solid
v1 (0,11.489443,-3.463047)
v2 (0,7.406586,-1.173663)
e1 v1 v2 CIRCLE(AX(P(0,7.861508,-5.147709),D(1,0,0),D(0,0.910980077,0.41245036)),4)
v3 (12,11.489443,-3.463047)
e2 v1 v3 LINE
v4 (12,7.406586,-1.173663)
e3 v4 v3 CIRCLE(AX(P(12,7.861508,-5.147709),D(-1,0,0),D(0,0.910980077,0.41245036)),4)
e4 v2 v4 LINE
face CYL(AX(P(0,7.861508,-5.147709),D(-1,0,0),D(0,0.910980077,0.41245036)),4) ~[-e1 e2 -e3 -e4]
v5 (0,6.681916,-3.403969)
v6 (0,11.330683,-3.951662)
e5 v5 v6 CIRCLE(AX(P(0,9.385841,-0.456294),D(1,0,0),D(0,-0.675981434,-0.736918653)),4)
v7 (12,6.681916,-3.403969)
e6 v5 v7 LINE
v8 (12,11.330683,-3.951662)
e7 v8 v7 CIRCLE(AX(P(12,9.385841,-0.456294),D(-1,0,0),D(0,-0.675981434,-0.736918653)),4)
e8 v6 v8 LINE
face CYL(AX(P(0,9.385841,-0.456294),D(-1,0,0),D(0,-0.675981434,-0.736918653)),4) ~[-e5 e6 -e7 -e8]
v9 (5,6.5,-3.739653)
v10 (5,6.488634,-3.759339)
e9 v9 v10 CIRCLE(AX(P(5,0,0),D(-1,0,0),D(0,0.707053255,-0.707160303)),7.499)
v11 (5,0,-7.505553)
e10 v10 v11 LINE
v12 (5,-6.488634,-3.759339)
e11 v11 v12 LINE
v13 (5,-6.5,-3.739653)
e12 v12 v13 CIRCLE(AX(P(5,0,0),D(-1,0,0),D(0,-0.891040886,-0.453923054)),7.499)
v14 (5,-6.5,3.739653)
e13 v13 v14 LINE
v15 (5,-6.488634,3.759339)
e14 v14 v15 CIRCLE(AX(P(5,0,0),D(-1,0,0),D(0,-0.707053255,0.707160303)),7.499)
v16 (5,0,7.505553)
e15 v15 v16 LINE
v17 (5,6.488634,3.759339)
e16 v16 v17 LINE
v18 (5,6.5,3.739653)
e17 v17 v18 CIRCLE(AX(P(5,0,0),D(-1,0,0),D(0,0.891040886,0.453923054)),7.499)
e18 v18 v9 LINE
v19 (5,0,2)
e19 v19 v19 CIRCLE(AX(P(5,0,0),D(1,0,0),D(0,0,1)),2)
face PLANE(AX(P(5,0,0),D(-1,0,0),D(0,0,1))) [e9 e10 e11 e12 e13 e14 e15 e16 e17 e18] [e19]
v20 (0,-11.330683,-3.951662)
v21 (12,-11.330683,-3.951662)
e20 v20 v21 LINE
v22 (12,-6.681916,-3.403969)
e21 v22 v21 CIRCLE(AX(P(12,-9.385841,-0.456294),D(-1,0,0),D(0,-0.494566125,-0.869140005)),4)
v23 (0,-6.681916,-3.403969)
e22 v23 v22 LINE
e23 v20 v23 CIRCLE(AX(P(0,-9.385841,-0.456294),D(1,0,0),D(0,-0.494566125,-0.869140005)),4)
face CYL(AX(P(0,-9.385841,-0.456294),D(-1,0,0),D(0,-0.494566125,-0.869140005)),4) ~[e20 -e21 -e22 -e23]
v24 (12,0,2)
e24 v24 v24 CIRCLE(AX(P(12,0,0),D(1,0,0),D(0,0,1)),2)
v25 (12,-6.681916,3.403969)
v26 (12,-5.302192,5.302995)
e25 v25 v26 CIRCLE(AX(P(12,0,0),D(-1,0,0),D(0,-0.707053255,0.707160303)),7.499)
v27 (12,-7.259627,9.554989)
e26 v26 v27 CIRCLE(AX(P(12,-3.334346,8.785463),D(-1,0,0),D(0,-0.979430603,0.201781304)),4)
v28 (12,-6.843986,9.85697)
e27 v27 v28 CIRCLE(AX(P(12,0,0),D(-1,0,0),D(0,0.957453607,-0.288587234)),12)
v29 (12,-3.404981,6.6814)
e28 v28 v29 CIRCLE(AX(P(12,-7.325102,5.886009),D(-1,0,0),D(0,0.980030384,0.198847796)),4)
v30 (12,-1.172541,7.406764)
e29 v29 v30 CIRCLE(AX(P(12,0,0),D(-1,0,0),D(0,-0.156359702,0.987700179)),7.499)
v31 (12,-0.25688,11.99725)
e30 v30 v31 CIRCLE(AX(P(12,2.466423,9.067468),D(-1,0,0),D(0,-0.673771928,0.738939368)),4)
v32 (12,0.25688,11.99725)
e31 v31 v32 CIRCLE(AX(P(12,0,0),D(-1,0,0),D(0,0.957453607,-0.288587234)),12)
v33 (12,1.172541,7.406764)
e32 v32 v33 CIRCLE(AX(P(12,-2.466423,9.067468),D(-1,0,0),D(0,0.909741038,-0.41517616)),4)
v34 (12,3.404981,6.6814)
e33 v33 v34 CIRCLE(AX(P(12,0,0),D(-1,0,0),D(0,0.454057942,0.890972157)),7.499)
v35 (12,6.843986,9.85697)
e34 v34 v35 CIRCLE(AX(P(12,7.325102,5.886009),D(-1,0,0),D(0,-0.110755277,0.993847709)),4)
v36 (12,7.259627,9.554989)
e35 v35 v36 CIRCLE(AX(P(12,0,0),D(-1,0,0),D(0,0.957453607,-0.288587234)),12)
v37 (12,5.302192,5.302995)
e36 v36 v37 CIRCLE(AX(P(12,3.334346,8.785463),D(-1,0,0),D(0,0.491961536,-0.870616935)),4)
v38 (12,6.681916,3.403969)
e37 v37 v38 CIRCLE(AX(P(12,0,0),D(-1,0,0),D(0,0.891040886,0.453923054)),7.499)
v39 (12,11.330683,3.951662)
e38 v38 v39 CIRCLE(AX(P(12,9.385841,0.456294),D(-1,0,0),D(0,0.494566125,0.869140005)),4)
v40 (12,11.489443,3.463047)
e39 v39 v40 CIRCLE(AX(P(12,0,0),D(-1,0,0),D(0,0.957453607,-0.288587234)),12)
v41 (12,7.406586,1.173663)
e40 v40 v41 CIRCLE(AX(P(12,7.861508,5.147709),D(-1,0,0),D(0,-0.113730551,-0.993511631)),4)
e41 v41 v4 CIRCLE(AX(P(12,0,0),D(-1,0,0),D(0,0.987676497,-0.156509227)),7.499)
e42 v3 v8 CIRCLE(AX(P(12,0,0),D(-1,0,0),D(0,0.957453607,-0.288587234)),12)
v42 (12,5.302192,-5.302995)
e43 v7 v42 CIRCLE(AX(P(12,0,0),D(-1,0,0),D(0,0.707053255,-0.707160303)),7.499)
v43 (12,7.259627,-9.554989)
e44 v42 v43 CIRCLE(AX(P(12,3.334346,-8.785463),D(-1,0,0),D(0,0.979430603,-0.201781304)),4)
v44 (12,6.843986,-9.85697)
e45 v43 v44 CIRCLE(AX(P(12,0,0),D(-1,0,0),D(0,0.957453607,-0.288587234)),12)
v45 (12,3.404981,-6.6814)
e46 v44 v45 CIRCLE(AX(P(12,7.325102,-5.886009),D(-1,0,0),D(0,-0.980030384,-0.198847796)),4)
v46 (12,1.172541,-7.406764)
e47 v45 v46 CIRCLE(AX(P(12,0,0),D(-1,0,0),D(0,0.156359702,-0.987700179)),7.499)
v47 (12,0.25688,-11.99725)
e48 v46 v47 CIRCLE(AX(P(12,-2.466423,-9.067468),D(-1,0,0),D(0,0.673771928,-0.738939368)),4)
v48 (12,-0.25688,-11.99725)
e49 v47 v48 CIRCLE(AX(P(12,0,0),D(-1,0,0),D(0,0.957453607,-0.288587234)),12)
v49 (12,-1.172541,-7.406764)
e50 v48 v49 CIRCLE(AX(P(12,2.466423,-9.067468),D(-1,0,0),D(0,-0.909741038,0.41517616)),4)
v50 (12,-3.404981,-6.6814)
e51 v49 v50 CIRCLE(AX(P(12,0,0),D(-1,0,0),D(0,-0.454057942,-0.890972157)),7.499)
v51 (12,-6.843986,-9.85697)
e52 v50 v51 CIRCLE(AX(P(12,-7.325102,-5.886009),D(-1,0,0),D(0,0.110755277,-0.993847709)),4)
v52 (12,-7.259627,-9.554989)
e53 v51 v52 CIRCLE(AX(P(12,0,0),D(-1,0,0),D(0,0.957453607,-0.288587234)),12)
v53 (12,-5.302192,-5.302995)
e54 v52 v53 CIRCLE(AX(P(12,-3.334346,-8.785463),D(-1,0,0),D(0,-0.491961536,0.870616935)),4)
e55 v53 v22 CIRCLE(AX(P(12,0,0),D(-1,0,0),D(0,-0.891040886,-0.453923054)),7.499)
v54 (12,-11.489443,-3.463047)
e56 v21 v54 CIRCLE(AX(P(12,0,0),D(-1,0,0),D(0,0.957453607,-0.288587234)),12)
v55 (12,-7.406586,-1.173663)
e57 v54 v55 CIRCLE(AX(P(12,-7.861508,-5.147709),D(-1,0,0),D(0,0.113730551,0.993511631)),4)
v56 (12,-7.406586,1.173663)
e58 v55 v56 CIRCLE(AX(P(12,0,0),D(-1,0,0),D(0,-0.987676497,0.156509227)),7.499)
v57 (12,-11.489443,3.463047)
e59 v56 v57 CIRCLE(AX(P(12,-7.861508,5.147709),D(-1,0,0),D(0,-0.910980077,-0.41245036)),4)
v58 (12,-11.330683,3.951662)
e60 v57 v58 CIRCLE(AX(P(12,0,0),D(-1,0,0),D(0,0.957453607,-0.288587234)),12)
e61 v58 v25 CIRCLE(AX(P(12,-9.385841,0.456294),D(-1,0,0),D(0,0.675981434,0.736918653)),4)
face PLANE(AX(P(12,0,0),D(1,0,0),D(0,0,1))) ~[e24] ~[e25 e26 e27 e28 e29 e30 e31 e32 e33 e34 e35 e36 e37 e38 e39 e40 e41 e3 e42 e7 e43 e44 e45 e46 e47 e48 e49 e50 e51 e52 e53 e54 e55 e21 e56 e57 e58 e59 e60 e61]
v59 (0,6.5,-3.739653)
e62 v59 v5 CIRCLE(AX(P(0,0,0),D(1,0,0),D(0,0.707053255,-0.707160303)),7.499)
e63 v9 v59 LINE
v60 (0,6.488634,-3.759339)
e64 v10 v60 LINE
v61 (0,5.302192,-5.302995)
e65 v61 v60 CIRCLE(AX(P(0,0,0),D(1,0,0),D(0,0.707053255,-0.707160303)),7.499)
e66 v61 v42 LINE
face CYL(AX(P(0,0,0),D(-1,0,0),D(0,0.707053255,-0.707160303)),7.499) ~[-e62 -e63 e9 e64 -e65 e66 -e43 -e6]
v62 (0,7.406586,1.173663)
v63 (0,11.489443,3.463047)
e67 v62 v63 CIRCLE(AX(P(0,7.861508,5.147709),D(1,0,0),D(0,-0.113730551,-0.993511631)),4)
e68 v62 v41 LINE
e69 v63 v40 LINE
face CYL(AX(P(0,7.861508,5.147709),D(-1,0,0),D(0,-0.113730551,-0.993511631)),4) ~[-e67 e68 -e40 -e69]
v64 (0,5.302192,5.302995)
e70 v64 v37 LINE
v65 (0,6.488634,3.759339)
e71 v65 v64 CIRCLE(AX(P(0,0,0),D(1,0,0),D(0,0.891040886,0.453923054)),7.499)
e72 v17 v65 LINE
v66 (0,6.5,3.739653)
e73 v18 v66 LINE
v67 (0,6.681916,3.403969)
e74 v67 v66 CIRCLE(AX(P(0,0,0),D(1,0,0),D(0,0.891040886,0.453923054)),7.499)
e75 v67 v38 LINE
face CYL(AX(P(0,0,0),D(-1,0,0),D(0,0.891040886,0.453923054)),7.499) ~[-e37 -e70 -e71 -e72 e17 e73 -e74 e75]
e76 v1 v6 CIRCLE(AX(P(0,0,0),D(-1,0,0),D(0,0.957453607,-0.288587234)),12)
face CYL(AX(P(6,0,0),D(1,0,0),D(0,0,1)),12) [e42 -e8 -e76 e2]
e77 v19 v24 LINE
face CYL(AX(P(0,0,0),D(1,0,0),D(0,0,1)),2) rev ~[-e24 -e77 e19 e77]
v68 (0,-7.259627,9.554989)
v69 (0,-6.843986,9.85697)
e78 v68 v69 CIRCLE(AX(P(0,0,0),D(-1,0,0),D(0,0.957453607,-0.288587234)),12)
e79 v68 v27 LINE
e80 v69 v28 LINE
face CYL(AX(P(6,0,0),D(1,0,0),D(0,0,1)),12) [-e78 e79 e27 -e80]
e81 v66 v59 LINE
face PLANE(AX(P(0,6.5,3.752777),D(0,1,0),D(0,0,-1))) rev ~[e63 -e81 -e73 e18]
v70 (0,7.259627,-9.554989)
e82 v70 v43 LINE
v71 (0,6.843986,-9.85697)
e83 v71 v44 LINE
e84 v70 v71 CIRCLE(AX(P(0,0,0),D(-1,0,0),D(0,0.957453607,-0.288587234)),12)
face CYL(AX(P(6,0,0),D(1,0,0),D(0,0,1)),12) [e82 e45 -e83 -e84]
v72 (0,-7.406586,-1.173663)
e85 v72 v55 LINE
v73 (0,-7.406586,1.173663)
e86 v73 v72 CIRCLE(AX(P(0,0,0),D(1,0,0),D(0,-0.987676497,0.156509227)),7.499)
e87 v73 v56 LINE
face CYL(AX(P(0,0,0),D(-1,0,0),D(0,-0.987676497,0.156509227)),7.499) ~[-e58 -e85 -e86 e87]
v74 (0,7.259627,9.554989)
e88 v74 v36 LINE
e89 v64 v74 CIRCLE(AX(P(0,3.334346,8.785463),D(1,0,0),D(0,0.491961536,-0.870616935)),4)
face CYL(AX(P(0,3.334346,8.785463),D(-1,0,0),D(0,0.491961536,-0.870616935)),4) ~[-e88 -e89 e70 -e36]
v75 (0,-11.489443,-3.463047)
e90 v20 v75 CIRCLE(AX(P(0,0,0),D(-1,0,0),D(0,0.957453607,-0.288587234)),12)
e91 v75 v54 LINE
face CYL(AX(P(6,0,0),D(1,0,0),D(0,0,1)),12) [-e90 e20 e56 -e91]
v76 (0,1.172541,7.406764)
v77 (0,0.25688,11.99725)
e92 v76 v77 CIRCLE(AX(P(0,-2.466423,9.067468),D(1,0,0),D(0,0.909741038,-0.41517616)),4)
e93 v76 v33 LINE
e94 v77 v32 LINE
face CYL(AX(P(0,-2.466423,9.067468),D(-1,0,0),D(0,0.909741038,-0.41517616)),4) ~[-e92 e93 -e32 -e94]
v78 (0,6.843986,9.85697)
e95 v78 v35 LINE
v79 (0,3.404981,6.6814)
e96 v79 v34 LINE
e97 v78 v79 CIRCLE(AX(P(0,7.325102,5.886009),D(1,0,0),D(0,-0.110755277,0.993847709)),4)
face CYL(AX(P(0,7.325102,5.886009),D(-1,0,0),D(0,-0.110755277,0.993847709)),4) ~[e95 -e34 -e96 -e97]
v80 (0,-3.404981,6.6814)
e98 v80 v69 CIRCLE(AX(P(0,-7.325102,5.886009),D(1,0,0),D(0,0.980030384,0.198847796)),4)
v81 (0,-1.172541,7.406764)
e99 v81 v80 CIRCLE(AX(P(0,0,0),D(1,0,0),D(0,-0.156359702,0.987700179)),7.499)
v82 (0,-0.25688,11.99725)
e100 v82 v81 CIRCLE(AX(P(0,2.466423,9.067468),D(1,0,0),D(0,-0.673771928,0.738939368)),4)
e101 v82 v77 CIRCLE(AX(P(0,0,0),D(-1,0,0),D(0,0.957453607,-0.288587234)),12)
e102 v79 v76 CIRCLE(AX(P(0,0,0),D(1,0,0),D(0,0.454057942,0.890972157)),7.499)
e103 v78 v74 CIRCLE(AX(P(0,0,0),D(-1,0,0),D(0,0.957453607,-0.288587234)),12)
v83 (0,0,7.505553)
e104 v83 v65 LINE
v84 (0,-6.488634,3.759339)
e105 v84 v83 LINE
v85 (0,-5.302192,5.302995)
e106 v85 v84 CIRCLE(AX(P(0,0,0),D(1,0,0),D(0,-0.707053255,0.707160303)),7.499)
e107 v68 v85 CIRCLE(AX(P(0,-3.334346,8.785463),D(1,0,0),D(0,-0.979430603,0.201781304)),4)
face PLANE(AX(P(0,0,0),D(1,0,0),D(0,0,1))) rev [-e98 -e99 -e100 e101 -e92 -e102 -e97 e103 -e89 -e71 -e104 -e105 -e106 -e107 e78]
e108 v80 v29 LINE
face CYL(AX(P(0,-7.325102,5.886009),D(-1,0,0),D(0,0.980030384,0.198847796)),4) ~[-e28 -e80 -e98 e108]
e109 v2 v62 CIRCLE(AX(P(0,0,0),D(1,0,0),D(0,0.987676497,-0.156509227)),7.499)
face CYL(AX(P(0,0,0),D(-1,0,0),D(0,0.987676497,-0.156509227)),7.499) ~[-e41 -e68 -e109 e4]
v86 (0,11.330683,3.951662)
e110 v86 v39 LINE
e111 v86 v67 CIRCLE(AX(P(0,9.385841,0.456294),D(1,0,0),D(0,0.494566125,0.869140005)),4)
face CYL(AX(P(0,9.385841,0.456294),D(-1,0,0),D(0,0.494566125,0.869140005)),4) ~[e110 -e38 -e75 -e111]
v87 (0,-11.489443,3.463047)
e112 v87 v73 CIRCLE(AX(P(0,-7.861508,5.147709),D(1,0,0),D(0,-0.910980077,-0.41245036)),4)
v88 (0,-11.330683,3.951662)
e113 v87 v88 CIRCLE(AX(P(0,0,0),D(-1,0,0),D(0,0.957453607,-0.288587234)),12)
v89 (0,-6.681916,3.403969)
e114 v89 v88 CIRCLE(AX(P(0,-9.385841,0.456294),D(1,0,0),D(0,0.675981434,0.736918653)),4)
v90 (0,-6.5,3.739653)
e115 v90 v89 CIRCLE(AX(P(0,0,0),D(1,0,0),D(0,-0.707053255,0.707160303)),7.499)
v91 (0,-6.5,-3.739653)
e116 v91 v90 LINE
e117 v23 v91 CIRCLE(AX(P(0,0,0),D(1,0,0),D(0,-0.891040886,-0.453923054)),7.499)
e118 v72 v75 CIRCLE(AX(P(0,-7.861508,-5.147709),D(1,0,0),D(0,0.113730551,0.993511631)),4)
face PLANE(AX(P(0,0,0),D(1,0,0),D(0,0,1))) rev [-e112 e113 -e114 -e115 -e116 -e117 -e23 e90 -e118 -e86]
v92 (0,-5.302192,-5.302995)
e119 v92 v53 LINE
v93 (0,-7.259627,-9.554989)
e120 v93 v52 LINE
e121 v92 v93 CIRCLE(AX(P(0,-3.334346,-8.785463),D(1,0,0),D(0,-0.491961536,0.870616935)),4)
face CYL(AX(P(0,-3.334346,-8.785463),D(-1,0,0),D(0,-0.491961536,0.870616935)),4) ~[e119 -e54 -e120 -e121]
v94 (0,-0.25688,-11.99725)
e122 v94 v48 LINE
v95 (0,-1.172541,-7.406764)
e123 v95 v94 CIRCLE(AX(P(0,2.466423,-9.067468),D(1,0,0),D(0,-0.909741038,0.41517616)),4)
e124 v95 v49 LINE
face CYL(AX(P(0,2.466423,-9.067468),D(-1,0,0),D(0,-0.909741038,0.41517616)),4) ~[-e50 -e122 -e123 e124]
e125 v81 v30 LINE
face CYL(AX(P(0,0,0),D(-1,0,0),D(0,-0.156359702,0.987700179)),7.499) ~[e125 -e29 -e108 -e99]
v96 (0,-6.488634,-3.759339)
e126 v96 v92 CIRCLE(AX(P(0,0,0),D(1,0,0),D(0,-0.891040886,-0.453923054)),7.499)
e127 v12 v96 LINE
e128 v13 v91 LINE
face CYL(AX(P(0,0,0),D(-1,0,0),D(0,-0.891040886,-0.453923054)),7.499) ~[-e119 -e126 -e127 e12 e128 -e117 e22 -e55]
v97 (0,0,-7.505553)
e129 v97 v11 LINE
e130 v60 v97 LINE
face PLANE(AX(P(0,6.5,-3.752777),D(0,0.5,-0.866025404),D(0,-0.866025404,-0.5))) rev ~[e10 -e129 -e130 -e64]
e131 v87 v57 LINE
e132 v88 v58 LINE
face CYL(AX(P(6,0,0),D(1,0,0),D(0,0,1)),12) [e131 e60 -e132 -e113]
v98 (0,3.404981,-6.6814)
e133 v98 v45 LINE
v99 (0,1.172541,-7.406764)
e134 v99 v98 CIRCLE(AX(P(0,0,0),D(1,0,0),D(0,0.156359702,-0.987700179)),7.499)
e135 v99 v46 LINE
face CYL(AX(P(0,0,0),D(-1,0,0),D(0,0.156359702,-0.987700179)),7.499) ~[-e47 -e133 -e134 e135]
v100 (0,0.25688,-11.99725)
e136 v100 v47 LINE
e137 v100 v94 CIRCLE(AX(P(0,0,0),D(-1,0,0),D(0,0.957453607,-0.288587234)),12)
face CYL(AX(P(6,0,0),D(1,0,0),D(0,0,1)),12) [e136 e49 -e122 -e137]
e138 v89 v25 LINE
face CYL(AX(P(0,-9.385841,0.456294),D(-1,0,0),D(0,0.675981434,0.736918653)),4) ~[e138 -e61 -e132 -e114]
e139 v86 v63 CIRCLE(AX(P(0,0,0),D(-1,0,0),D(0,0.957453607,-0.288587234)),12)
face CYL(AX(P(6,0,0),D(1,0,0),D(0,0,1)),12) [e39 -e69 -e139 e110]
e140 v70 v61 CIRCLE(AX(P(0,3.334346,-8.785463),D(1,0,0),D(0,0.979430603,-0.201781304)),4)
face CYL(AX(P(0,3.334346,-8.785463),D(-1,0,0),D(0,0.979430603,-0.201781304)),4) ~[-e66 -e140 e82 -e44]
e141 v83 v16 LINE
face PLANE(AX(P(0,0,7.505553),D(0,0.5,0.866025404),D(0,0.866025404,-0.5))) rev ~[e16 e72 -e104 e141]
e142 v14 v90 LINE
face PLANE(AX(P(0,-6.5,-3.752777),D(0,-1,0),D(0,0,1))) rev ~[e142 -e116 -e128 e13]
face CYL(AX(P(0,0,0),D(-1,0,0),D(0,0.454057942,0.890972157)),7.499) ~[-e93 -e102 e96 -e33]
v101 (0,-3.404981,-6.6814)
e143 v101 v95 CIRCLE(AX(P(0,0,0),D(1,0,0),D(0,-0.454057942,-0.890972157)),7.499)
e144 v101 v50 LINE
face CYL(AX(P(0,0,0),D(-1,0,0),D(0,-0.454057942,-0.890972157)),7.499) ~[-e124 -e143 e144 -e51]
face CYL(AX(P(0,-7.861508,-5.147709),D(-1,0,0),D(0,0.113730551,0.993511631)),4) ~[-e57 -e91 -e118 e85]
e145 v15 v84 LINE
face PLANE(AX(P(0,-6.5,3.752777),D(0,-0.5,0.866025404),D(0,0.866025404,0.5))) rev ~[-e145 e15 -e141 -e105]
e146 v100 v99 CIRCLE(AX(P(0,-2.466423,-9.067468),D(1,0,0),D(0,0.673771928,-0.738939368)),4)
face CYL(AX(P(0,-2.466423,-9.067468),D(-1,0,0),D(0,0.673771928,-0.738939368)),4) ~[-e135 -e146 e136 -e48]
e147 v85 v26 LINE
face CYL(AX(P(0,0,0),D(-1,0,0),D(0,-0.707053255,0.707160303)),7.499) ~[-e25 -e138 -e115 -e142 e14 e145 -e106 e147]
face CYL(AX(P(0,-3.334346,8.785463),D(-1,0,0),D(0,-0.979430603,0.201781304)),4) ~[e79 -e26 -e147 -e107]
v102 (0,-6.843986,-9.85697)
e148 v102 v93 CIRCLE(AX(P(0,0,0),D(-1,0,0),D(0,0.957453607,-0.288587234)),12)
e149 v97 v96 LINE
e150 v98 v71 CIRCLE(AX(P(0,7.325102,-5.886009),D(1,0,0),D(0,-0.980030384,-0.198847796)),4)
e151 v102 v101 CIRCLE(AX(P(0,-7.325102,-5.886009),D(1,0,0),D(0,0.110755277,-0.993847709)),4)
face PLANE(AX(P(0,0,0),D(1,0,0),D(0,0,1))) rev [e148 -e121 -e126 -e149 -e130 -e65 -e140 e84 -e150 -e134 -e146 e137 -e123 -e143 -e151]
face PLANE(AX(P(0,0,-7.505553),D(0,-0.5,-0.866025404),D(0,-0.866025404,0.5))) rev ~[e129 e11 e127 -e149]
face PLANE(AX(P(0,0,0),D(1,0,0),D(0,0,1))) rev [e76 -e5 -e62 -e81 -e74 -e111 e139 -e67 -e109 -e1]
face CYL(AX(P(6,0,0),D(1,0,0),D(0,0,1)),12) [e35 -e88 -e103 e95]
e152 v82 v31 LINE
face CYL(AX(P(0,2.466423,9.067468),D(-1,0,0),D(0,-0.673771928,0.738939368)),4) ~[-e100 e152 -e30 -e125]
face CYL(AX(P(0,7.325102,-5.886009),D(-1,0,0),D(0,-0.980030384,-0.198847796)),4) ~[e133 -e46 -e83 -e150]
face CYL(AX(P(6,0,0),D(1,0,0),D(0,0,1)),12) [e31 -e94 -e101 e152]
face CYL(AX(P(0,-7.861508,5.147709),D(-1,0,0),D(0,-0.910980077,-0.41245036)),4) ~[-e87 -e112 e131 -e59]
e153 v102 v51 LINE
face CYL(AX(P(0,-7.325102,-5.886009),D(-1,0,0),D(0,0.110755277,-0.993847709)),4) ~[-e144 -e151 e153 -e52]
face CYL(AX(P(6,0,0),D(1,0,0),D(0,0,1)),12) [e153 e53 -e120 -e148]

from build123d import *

# Parameters (mm, degrees)
BASPROSKE_W         = 12
BASPROSKE_H         = 12
TOOTHCUT_DEPTH      = 21.784609691
TEETHCUTS_COUNT     = 10
TEETHCUTS_ANGLE     = 324
BORSKE_R            = 2
BORE_DEPTH          = 50.0000508
CUT_EXTRUDE_1_DEPTH = 5


with BuildPart() as part:
    # BasProSke → Base-Revolve (revolve)
    with BuildSketch(Plane(origin=(0, 0, 0), x_dir=(1, 0, 0), z_dir=(0, 1, 0)), mode=Mode.PRIVATE) as base_revolve_sk:
        with Locations((6, 6)):
            Rectangle(BASPROSKE_W, BASPROSKE_H)
    revolve(base_revolve_sk.sketch.rotate(Axis((-10, 0, 0), (1, 0, 0)), 180), axis=Axis((-10, 0, 0), (1, 0, 0)))

    # TooCutSke → ToothCut (cut, through all)
    with BuildSketch(Plane(origin=(0, 0, 0), x_dir=(0, 0, -1), z_dir=(1, 0, 0))):
        with BuildLine():
            ThreePointArc((1.173662691, 7.406586048), (0, 7.499), (-1.173662691, 7.406586048))
            ThreePointArc((-1.173662691, 7.406586048), (-1.668191438, 9.834565786), (-3.497907776, 11.50542856))
            ThreePointArc((-3.497907776, 11.50542856), (0, 12.0254), (3.497907776, 11.50542856))
            ThreePointArc((3.497907776, 11.50542856), (1.668191438, 9.834565786), (1.173662691, 7.406586048))
        make_face()
    toothcut = extrude(amount=TOOTHCUT_DEPTH, mode=Mode.SUBTRACT)

    # TeethCuts: ToothCut ×10 about axis
    teethcuts_axis = Axis((-10, 0, 0), (1, 0, 0))
    for i in range(1, TEETHCUTS_COUNT):
        add(toothcut.rotate(teethcuts_axis, i * TEETHCUTS_ANGLE / (TEETHCUTS_COUNT - 1)), mode=Mode.SUBTRACT)

    # BorSke → Bore (cut, symmetric)
    with BuildSketch(Plane(origin=(0, 0, 0), x_dir=(0, 0, -1), z_dir=(1, 0, 0))):
        with Locations(Location((0, 0, 0), (0, 0, 180))):
            Circle(BORSKE_R)
    extrude(amount=BORE_DEPTH, both=True, mode=Mode.SUBTRACT)

    # Эскиз1 → Вырез-Вытянуть1 (cut)
    with BuildSketch(Plane.ZY):
        Polygon((7.505553499, 0), (3.75277675, 6.5), (-3.75277675, 6.5), (-7.505553499, 0), (-3.75277675, -6.5), (3.75277675, -6.5), align=None)
    extrude(amount=-CUT_EXTRUDE_1_DEPTH, mode=Mode.SUBTRACT)


solid = part.part
